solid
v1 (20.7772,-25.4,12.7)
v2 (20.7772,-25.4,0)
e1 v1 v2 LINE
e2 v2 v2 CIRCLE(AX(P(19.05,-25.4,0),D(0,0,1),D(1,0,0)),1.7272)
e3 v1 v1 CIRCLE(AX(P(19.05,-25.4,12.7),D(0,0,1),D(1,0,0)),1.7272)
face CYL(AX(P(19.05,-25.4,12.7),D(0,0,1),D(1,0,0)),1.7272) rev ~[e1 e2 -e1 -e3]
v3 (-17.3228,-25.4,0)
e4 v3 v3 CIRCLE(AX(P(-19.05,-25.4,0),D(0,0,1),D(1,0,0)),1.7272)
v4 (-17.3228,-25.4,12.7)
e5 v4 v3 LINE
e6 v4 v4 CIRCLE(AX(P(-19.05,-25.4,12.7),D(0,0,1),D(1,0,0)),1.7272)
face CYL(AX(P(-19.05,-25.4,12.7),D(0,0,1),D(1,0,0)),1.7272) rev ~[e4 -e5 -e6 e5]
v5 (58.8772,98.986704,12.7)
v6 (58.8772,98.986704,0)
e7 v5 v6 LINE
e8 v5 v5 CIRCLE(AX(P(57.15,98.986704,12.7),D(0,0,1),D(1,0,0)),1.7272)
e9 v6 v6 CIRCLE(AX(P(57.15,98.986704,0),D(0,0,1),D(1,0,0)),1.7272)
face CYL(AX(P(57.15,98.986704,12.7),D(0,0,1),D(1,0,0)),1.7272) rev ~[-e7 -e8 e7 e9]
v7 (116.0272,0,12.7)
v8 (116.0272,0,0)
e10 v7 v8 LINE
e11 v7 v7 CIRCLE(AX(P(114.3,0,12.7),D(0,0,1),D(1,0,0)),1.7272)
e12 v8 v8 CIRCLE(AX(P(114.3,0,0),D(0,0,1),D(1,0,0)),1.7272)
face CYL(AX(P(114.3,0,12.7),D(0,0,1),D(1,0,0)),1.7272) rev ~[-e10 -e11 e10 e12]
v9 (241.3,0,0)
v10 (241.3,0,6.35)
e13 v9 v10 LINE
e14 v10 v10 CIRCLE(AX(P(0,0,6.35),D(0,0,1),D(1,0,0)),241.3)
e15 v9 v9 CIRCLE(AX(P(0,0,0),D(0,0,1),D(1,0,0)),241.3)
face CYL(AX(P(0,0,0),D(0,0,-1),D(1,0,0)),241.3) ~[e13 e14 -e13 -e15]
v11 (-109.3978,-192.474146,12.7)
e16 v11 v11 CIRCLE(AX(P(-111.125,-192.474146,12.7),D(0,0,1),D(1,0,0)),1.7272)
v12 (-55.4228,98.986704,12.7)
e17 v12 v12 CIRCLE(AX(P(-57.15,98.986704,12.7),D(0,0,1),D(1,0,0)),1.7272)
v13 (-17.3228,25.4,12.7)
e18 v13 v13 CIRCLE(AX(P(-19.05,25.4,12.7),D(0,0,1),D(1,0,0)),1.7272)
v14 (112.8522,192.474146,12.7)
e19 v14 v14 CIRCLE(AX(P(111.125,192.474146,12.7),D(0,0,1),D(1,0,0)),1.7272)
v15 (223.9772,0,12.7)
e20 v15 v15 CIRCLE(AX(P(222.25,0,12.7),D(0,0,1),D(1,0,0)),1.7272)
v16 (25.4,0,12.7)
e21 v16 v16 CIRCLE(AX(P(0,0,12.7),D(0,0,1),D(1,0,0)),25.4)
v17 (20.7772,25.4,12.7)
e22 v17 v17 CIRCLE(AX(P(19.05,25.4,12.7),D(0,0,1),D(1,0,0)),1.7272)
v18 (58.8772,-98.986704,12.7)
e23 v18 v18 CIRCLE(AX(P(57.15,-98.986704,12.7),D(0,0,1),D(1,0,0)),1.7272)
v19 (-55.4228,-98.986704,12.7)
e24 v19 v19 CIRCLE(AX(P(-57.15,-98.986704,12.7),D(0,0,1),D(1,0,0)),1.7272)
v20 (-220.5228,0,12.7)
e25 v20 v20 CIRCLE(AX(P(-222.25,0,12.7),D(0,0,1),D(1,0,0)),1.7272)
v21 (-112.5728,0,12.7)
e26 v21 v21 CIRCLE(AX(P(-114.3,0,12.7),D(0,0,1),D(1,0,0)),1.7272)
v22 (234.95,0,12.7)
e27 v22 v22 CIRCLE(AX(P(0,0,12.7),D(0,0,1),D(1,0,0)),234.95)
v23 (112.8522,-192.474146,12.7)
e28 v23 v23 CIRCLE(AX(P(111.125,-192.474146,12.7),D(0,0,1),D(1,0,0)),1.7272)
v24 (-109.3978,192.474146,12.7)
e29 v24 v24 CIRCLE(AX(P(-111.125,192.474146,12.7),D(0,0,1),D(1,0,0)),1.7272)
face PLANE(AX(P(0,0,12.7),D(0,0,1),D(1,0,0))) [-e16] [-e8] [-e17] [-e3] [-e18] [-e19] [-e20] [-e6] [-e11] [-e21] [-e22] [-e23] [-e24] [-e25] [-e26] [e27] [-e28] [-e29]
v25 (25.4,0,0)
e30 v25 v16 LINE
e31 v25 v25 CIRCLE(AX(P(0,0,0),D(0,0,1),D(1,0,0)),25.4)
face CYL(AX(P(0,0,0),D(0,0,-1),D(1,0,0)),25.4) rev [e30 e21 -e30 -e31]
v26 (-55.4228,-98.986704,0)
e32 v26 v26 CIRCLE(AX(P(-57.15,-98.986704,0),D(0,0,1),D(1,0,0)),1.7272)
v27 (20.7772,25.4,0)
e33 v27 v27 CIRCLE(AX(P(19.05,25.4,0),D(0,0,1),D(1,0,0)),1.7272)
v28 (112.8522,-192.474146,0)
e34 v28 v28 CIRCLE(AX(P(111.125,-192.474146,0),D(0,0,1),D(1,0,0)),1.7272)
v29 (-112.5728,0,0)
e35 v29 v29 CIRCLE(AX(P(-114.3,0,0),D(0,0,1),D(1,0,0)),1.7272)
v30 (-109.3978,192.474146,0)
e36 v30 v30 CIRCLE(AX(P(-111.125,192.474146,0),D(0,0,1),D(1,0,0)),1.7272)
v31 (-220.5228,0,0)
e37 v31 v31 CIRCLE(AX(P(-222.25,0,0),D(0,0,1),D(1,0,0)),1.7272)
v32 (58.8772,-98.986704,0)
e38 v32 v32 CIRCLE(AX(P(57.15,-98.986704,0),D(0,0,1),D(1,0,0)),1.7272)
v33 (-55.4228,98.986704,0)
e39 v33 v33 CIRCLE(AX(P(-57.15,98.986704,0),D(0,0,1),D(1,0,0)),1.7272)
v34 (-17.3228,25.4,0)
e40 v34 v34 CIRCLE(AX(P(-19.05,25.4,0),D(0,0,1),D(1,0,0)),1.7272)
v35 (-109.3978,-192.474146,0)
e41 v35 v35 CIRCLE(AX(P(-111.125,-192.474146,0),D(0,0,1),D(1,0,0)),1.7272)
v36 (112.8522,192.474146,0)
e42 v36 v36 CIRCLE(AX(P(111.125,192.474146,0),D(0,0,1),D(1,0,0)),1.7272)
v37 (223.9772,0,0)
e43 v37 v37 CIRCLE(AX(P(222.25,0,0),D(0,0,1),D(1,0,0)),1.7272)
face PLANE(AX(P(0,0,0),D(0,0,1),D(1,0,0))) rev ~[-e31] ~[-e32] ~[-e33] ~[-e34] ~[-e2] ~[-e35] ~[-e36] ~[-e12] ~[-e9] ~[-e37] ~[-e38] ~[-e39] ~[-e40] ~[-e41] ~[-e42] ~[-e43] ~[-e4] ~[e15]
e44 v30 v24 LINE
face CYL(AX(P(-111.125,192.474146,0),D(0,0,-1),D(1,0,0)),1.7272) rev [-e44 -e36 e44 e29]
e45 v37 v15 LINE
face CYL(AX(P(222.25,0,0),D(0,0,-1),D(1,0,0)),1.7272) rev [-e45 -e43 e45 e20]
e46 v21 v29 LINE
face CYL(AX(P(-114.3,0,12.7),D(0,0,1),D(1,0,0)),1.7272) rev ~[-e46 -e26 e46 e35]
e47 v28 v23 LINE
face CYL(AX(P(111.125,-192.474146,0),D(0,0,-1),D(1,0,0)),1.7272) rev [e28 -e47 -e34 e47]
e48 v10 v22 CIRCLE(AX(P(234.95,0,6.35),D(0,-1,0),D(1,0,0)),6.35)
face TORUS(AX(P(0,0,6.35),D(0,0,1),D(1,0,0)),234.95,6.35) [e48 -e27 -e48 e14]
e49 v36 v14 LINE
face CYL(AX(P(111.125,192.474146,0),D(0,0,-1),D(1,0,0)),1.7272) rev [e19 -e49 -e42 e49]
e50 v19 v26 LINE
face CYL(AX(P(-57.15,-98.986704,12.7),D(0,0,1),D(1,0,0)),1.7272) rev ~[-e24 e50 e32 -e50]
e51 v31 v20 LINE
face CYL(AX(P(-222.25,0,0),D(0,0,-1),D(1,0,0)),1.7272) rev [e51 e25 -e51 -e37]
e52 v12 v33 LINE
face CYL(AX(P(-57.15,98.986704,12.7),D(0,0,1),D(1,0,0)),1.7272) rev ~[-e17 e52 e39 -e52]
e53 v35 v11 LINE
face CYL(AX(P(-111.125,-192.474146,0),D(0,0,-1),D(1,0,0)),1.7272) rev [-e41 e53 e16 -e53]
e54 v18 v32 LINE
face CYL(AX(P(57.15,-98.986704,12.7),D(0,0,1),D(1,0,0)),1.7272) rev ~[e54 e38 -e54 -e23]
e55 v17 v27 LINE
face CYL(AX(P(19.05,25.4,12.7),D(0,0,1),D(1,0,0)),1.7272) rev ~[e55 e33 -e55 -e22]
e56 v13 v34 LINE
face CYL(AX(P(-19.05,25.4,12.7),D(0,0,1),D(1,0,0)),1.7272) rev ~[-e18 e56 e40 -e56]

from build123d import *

# Parameters (mm, degrees)
F0_R     = 241.3
F0_R_2   = 1.7272
F0_R_3   = 25.4
F1_DEPTH = 12.7
F2_R     = 1.7272
F3_DEPTH = 12.7
F4_R     = 6.35


with BuildPart() as f1:
    # F0 (on Top) → F1 (new body)
    with BuildSketch(Plane.XY):
        Circle(F0_R)
        with Locations((-111.125, -192.474146)):
            Circle(F0_R_2, mode=Mode.SUBTRACT)
        with Locations((111.125, -192.474146)):
            Circle(F0_R_2, mode=Mode.SUBTRACT)
        with Locations((-222.25, 0)):
            Circle(F0_R_2, mode=Mode.SUBTRACT)
        with Locations((-111.125, 192.474146)):
            Circle(F0_R_2, mode=Mode.SUBTRACT)
        Circle(F0_R_3, mode=Mode.SUBTRACT)
        with Locations((222.25, 0)):
            Circle(F0_R_2, mode=Mode.SUBTRACT)
        with Locations((111.125, 192.474146)):
            Circle(F0_R_2, mode=Mode.SUBTRACT)
    extrude(amount=F1_DEPTH)

    # F2 (on face) → F3 (cut, through all)
    with BuildSketch(Plane.XY.offset(12.7)):
        with Locations((-57.15, 98.986704)):
            Circle(F2_R)
        with Locations((57.15, 98.986704)):
            Circle(F2_R)
        with Locations((-114.3, 0)):
            Circle(F2_R)
        with Locations((-57.15, -98.986704)):
            Circle(F2_R)
        with Locations((57.15, -98.986704)):
            Circle(F2_R)
        with Locations((114.3, 0)):
            Circle(F2_R)
        with Locations((-19.05, -25.4)):
            Circle(F2_R)
        with Locations((19.05, -25.4)):
            Circle(F2_R)
        with Locations((19.05, 25.4)):
            Circle(F2_R)
        with Locations((-19.05, 25.4)):
            Circle(F2_R)
    extrude(amount=-F3_DEPTH, mode=Mode.SUBTRACT)

    # F4
    f4_edges = [f1.edges().sort_by_distance(p)[0] for p in [
        (-241.3, 0, 12.7),
    ]]
    fillet(f4_edges, radius=F4_R)


solid = f1.part
